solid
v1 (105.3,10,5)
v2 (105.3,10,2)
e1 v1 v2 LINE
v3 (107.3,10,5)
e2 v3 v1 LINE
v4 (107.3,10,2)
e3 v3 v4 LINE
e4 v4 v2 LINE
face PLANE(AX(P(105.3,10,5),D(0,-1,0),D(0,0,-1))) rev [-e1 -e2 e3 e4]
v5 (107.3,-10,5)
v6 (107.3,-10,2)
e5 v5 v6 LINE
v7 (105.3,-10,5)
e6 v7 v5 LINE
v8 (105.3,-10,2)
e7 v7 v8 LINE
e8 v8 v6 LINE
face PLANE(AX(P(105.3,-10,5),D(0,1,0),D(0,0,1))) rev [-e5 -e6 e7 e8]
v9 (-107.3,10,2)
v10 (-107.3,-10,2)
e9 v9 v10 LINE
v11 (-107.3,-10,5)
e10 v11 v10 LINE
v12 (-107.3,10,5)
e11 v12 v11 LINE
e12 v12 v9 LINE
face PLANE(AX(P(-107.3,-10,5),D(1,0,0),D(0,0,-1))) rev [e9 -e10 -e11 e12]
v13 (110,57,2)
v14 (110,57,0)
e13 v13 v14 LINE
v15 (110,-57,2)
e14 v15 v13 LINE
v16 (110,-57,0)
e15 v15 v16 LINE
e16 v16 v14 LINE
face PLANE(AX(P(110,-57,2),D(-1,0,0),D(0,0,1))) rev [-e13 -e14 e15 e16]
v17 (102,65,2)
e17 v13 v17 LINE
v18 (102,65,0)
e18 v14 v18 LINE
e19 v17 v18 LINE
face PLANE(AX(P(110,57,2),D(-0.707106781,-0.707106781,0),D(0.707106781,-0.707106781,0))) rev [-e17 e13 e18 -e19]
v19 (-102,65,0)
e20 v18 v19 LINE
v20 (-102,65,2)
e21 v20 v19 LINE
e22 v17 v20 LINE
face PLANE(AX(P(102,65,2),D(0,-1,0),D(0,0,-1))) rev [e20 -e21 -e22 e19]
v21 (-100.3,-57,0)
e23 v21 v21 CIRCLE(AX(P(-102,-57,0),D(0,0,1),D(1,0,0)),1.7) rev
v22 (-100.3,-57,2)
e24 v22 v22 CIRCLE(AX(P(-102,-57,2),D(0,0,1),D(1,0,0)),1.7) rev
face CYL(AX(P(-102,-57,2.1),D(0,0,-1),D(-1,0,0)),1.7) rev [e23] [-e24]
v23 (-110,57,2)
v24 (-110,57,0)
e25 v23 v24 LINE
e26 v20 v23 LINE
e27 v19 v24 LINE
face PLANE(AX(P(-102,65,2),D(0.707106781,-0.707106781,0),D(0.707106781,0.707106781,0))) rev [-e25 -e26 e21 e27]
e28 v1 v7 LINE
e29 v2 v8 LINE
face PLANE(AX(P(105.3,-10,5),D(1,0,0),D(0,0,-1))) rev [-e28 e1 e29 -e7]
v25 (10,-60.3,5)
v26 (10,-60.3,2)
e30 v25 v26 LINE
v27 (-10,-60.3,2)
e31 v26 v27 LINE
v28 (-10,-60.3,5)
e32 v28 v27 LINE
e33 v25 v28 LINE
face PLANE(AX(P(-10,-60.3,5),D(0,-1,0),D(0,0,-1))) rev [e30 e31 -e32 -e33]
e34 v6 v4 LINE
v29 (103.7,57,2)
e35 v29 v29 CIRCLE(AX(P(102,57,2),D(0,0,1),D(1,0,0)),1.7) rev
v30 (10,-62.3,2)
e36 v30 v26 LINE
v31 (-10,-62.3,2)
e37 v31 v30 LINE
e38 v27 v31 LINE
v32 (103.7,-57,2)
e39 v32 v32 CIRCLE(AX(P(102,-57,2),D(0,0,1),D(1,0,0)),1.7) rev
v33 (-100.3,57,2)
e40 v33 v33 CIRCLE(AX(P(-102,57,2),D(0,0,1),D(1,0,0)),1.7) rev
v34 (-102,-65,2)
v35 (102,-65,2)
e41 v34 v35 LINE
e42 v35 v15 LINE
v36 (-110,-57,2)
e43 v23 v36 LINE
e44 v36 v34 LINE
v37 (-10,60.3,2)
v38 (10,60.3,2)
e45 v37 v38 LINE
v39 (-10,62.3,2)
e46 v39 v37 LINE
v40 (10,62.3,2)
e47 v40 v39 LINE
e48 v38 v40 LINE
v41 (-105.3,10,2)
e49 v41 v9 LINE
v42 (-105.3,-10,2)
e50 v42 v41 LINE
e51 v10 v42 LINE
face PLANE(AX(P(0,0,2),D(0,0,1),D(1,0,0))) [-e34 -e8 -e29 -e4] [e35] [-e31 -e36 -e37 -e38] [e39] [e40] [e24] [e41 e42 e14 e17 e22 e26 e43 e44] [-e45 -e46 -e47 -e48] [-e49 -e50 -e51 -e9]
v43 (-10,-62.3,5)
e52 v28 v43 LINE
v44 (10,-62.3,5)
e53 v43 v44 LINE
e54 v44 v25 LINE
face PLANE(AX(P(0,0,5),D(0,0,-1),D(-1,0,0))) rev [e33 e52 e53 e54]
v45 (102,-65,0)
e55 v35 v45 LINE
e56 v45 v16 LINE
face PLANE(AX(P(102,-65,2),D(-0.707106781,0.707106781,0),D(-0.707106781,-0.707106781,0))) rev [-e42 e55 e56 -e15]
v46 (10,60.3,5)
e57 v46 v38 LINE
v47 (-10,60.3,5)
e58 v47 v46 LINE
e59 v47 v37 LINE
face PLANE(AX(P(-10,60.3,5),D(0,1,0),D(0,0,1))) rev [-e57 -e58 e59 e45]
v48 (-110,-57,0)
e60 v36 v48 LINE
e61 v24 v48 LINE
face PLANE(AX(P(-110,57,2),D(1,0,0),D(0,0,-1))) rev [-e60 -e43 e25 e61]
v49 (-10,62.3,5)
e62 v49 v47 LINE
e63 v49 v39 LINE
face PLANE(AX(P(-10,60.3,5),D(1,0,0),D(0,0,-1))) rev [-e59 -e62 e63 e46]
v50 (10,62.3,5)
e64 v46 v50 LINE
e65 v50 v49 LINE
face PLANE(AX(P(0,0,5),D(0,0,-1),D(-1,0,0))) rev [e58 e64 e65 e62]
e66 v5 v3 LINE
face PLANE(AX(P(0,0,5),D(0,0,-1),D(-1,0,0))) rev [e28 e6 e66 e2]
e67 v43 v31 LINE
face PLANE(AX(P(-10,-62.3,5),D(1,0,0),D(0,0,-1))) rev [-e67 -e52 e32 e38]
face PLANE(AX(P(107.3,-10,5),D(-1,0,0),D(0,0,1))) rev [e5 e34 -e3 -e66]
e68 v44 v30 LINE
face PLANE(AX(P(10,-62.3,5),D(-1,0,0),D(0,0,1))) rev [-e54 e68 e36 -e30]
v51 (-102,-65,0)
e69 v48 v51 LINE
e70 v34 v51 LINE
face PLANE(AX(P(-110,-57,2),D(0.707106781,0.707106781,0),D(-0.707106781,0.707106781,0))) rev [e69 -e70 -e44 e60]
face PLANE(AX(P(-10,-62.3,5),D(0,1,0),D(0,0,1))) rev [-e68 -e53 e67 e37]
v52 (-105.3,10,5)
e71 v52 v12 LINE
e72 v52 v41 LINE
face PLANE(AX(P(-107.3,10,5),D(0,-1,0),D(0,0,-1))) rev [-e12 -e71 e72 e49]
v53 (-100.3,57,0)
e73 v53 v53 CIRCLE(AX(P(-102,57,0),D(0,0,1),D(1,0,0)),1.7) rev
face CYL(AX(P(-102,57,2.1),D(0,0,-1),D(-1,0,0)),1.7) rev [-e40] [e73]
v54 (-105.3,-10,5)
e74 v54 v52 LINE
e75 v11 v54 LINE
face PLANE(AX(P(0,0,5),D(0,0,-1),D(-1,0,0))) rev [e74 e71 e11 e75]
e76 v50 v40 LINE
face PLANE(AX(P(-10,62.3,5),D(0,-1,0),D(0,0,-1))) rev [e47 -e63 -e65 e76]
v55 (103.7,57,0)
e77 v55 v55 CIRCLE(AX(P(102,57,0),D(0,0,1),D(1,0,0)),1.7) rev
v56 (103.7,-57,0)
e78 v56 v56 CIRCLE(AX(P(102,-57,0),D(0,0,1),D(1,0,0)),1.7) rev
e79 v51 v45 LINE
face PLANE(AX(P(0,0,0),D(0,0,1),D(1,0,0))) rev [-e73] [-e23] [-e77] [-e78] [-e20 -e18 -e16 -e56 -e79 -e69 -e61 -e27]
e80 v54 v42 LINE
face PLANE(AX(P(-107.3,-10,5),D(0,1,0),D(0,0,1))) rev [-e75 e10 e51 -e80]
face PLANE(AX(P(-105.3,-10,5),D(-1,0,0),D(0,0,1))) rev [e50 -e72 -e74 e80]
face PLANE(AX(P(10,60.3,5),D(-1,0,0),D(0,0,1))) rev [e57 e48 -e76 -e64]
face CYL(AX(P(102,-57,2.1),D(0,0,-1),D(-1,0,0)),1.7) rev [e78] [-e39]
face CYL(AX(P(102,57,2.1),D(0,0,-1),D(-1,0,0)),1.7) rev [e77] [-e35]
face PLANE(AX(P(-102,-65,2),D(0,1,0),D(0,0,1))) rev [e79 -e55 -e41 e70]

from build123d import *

# Parameters (mm, degrees)
FACETED_REMOVABLE_LID_DEPTH  = 2
SIDE_LOCATOR_1_START         = 2
SKETCH2_W                    = 20
SKETCH2_H                    = 2
SIDE_LOCATOR_1_DEPTH         = 3
END_LOCATOR_1_START          = 2
SKETCH3_W                    = 2
SKETCH3_H                    = 20
END_LOCATOR_1_DEPTH          = 3
SKETCH4_W                    = 20
SKETCH4_H                    = 2
SIDE_LOCATOR_1_2_DEPTH       = 3
SKETCH5_W                    = 2
SKETCH5_H                    = 20
END_LOCATOR_1_2_DEPTH        = 3
M3_LID_CLEARANCE_1_1_START   = -0.1
SKETCH6_R                    = 1.7
M3_LID_CLEARANCE_1_1_DEPTH   = 2.2
SKETCH7_R                    = 1.7
M3_LID_CLEARANCE_1_1_2_DEPTH = 2.2
SKETCH8_R                    = 1.7
M3_LID_CLEARANCE_1_1_3_DEPTH = 2.2
SKETCH9_R                    = 1.7
M3_LID_CLEARANCE_1_1_4_DEPTH = 2.2


with BuildPart() as part:
    # Sketch1 → Faceted_Removable_Lid (new body)
    with BuildSketch(Plane.XY):
        Polygon((-102, -65), (102, -65), (110, -57), (110, 57), (102, 65), (-102, 65), (-110, 57), (-110, -57), align=None)
    extrude(amount=FACETED_REMOVABLE_LID_DEPTH)

    # Sketch2 → Side_Locator_-1 (add)
    with BuildSketch(Plane.XY.offset(SIDE_LOCATOR_1_START)):
        with Locations((0, -61.3)):
            Rectangle(SKETCH2_W, SKETCH2_H)
    extrude(amount=SIDE_LOCATOR_1_DEPTH)

    # Sketch3 → End_Locator_-1 (add)
    with BuildSketch(Plane.XY.offset(END_LOCATOR_1_START)):
        with Locations((-106.3, 0)):
            Rectangle(SKETCH3_W, SKETCH3_H)
    extrude(amount=END_LOCATOR_1_DEPTH)

    # Sketch4 → Side_Locator_1 2 (add)
    with BuildSketch(Plane.XY.offset(SIDE_LOCATOR_1_START)):
        with Locations((0, 61.3)):
            Rectangle(SKETCH4_W, SKETCH4_H)
    extrude(amount=SIDE_LOCATOR_1_2_DEPTH)

    # Sketch5 → End_Locator_1 2 (add)
    with BuildSketch(Plane.XY.offset(END_LOCATOR_1_START)):
        with Locations((106.3, 0)):
            Rectangle(SKETCH5_W, SKETCH5_H)
    extrude(amount=END_LOCATOR_1_2_DEPTH)

    # Sketch6 → M3_Lid_Clearance_-1_-1 (cut)
    with BuildSketch(Plane.XY.offset(M3_LID_CLEARANCE_1_1_START)):
        with Locations((-102, -57)):
            Circle(SKETCH6_R)
    extrude(amount=M3_LID_CLEARANCE_1_1_DEPTH, mode=Mode.SUBTRACT)

    # Sketch7 → M3_Lid_Clearance_-1_1 2 (cut)
    with BuildSketch(Plane.XY.offset(M3_LID_CLEARANCE_1_1_START)):
        with Locations((-102, 57)):
            Circle(SKETCH7_R)
    extrude(amount=M3_LID_CLEARANCE_1_1_2_DEPTH, mode=Mode.SUBTRACT)

    # Sketch8 → M3_Lid_Clearance_1_-1 3 (cut)
    with BuildSketch(Plane.XY.offset(M3_LID_CLEARANCE_1_1_START)):
        with Locations((102, -57)):
            Circle(SKETCH8_R)
    extrude(amount=M3_LID_CLEARANCE_1_1_3_DEPTH, mode=Mode.SUBTRACT)

    # Sketch9 → M3_Lid_Clearance_1_1 4 (cut)
    with BuildSketch(Plane.XY.offset(M3_LID_CLEARANCE_1_1_START)):
        with Locations((102, 57)):
            Circle(SKETCH9_R)
    extrude(amount=M3_LID_CLEARANCE_1_1_4_DEPTH, mode=Mode.SUBTRACT)


solid = part.part
